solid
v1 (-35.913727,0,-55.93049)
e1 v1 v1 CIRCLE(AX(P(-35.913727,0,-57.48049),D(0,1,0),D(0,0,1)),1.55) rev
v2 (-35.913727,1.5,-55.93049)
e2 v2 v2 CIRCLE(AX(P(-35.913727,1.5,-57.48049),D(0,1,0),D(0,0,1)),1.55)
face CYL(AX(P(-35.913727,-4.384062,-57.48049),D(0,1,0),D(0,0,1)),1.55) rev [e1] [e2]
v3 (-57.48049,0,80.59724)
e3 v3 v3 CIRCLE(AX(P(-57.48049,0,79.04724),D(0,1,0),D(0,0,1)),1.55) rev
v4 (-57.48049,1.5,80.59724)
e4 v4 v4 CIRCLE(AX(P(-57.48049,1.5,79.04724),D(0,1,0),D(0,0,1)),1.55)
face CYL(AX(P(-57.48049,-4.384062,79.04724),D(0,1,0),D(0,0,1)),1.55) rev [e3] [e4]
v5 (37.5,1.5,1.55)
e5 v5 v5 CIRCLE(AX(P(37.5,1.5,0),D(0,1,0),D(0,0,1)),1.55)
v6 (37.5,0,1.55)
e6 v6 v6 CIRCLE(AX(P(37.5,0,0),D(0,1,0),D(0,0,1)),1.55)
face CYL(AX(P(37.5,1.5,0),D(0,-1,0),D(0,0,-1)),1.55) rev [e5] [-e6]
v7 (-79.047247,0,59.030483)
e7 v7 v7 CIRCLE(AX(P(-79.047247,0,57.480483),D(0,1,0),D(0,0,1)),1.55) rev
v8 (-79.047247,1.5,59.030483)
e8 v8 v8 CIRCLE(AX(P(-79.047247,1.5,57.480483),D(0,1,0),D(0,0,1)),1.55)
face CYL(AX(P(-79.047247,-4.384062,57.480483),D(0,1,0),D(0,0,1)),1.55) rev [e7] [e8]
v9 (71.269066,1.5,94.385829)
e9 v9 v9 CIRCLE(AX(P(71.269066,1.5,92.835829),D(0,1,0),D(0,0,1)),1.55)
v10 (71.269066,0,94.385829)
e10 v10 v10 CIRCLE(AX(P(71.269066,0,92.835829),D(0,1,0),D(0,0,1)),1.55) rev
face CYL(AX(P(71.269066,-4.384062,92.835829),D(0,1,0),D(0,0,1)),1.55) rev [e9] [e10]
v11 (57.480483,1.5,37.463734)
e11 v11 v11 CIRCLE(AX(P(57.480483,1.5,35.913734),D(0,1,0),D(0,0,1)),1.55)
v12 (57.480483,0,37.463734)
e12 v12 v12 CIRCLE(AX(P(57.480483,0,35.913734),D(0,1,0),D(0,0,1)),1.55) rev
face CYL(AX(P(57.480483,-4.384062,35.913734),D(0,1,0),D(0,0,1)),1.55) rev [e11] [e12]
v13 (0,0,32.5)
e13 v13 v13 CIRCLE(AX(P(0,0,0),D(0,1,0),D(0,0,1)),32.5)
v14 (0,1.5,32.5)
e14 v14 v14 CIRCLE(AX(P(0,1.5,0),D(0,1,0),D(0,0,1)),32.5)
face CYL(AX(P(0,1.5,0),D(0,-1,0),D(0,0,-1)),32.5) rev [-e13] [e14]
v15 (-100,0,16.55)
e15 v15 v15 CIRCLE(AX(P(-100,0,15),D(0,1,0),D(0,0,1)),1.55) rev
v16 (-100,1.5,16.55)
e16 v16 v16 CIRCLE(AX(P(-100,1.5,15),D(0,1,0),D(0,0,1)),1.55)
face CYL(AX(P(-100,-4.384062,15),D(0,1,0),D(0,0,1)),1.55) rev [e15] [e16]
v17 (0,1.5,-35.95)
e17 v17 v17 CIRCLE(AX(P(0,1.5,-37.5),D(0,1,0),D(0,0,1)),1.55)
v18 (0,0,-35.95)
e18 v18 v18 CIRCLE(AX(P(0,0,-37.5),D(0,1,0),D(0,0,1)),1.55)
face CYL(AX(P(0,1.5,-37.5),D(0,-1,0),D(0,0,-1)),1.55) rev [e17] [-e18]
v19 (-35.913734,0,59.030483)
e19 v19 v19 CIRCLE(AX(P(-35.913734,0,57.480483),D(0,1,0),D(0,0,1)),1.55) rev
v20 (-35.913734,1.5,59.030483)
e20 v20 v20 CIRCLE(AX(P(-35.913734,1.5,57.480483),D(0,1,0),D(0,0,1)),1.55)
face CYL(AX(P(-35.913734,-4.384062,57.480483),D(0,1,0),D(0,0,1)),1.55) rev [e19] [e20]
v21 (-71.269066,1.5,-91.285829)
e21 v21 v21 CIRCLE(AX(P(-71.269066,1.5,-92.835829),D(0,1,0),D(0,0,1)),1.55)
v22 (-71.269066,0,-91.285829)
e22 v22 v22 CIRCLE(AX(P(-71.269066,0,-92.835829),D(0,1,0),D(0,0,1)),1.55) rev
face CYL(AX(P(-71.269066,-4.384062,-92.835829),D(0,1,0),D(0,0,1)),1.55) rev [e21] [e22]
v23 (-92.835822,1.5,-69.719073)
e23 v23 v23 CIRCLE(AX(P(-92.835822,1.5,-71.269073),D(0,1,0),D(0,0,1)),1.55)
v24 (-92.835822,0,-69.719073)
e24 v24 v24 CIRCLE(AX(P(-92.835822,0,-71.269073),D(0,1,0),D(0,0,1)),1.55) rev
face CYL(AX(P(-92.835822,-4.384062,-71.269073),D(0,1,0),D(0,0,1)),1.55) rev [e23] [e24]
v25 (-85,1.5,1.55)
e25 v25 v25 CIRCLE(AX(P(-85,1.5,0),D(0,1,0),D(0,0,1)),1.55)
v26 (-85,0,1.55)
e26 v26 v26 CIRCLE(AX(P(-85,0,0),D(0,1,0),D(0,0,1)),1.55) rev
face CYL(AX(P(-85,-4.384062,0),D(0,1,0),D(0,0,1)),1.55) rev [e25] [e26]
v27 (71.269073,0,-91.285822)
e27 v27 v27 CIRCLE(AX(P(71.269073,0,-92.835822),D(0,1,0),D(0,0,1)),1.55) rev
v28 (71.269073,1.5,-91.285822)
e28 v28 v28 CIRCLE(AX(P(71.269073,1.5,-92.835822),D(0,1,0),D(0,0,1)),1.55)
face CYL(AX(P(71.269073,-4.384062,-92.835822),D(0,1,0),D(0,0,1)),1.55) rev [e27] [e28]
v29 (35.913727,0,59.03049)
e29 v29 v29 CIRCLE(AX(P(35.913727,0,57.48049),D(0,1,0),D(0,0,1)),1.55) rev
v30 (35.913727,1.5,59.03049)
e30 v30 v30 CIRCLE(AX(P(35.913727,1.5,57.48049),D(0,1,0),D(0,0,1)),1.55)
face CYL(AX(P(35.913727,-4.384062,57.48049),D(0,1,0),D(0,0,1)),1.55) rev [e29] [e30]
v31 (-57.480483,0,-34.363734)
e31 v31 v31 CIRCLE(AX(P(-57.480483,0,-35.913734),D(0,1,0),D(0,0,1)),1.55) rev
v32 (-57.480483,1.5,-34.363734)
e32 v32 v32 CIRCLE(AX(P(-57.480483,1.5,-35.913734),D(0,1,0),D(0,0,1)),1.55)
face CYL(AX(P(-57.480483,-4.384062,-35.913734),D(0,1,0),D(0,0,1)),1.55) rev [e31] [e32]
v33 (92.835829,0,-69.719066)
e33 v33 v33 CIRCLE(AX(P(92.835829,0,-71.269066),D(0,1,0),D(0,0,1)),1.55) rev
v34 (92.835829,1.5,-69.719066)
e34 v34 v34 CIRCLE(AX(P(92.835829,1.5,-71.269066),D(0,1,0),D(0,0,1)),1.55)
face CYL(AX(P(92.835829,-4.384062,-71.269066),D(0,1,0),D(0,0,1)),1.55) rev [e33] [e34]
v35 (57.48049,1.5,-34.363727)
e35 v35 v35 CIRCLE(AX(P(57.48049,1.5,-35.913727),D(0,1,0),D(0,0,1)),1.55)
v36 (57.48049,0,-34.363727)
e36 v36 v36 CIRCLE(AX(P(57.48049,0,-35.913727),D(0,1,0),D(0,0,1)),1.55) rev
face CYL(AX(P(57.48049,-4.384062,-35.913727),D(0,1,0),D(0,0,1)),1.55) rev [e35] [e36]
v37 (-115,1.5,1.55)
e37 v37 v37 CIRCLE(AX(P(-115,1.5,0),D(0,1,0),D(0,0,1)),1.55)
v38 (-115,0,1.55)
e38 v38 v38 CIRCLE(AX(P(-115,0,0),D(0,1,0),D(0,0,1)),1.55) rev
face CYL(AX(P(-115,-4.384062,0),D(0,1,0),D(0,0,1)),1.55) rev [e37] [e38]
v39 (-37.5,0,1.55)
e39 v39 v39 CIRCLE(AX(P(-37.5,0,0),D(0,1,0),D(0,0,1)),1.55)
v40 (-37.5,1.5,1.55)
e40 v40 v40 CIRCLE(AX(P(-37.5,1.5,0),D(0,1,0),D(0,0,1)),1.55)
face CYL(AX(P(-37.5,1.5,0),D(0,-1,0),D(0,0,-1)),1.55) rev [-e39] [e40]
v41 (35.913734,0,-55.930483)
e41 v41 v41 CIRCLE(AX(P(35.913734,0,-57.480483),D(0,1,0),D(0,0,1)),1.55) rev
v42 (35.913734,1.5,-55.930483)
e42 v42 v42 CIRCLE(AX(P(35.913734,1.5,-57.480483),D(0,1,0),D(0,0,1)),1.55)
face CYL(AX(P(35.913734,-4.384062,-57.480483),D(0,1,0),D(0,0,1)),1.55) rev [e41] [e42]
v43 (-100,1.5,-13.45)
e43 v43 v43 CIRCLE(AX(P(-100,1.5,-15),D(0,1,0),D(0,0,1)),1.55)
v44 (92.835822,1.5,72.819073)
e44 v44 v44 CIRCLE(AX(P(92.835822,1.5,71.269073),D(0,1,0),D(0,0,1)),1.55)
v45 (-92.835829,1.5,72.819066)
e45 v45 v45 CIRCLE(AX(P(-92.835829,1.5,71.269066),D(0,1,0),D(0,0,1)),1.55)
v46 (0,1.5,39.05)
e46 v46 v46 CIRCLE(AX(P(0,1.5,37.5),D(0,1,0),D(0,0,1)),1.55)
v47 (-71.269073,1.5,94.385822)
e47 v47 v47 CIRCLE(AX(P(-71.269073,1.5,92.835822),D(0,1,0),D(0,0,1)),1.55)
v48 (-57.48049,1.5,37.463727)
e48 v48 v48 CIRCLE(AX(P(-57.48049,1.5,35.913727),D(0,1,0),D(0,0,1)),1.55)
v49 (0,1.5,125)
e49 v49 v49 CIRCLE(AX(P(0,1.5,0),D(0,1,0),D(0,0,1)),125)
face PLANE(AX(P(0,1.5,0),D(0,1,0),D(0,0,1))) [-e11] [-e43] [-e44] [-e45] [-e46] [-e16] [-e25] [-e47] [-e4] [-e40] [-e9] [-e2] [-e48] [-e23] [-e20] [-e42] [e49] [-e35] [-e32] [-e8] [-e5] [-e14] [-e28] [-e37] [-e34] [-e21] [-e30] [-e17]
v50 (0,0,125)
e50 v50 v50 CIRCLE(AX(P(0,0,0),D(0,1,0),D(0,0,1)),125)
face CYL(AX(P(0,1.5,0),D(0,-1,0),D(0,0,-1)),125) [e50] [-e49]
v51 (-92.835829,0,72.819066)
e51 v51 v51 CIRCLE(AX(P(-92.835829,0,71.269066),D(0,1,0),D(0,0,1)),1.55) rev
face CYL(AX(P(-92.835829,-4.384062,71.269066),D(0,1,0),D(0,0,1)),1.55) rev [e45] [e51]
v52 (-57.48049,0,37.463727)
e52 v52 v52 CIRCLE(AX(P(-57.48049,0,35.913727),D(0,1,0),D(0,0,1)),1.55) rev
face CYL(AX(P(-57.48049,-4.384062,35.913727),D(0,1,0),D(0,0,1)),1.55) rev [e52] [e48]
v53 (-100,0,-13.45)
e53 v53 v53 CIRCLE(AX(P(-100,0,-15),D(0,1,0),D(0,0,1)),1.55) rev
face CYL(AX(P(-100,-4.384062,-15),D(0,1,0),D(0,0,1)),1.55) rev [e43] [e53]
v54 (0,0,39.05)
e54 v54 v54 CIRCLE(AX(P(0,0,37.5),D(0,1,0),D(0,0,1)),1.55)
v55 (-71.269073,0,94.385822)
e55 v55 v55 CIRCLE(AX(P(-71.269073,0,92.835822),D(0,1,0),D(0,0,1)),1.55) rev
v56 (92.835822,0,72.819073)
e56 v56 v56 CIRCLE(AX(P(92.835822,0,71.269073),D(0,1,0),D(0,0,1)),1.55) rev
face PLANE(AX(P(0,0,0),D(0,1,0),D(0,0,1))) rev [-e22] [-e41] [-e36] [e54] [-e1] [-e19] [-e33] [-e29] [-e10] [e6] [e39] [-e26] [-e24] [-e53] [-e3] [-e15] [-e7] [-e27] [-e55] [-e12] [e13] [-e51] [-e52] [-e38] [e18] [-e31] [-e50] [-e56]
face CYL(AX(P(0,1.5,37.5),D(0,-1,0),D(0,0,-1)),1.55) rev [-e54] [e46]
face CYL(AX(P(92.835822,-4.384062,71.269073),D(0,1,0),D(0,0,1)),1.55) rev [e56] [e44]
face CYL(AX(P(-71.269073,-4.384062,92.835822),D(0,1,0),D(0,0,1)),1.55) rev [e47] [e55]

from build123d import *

# Parameters (mm, degrees)
SKETCH1_R           = 125
SKETCH1_R_2         = 1.55
SKETCH1_R_3         = 32.5
BOSS_EXTRUDE1_DEPTH = 1.5
SKETCH2_R           = 1.549999995
SKETCH2_R_2         = 1.550000001
SKETCH2_R_3         = 1.550000005
SKETCH2_R_4         = 1.55
CUT_EXTRUDE1_DEPTH  = 1.5
SKETCH3_R           = 1.55
CUT_EXTRUDE2_DEPTH  = 1.5


with BuildPart() as part:
    # Sketch1 → Boss-Extrude1 (new body)
    with BuildSketch(Plane(origin=(0, 0, 0), x_dir=(1, 0, 0), z_dir=(0, 1, 0))):
        Circle(SKETCH1_R)
        with Locations((0, -37.5)):
            Circle(SKETCH1_R_2, mode=Mode.SUBTRACT)
        with Locations((0, 37.5)):
            Circle(SKETCH1_R_2, mode=Mode.SUBTRACT)
        with Locations((37.5, 0)):
            Circle(SKETCH1_R_2, mode=Mode.SUBTRACT)
        with Locations((-37.5, 0)):
            Circle(SKETCH1_R_2, mode=Mode.SUBTRACT)
        Circle(SKETCH1_R_3, mode=Mode.SUBTRACT)
    extrude(amount=BOSS_EXTRUDE1_DEPTH)

    # Sketch2 → Cut-Extrude1 (cut)
    with BuildSketch(Plane(origin=(0, 1.5, 0), x_dir=(1, 0, 0), z_dir=(0, 1, 0))):
        with Locations((-71.269065604, 92.835829434)):
            Circle(SKETCH2_R)
        with Locations((-35.913726545, 57.480490375)):
            Circle(SKETCH2_R)
        with Locations((-92.835822431, 71.269072608)):
            Circle(SKETCH2_R)
        with Locations((-57.480483371, 35.913733548)):
            Circle(SKETCH2_R)
        with Locations((71.269072585, 92.835822411)):
            Circle(SKETCH2_R_2)
        with Locations((92.835829411, 71.269065585)):
            Circle(SKETCH2_R_2)
        with Locations((35.913733525, 57.480483351)):
            Circle(SKETCH2_R_2)
        with Locations((57.480490352, 35.913726525)):
            Circle(SKETCH2_R_2)
        with Locations((92.835822388, -71.269072605)):
            Circle(SKETCH2_R_3)
        with Locations((71.269065562, -92.835829431)):
            Circle(SKETCH2_R_3)
        with Locations((57.480483329, -35.913733545)):
            Circle(SKETCH2_R_3)
        with Locations((35.913726502, -57.480490371)):
            Circle(SKETCH2_R_3)
        with Locations((-71.269072628, -92.835822408)):
            Circle(SKETCH2_R_2)
        with Locations((-92.835829454, -71.269065582)):
            Circle(SKETCH2_R_2)
        with Locations((-35.913733568, -57.480483348)):
            Circle(SKETCH2_R_2)
        with Locations((-57.480490394, -35.913726522)):
            Circle(SKETCH2_R_2)
        with Locations((-57.480490394, -79.047240175)):
            Circle(SKETCH2_R_4)
        with Locations((-79.047247221, -57.480483348)):
            Circle(SKETCH2_R_4)
    extrude(amount=-CUT_EXTRUDE1_DEPTH, mode=Mode.SUBTRACT)

    # Sketch3 → Cut-Extrude2 (cut)
    with BuildSketch(Plane(origin=(0, 1.5, 0), x_dir=(1, 0, 0), z_dir=(0, 1, 0))):
        with Locations((-100, 15)):
            Circle(SKETCH3_R)
        with Locations((-100, -15)):
            Circle(SKETCH3_R)
        with Locations((-85, 0)):
            Circle(SKETCH3_R)
        with Locations((-115, 0)):
            Circle(SKETCH3_R)
    extrude(amount=-CUT_EXTRUDE2_DEPTH, mode=Mode.SUBTRACT)


solid = part.part
